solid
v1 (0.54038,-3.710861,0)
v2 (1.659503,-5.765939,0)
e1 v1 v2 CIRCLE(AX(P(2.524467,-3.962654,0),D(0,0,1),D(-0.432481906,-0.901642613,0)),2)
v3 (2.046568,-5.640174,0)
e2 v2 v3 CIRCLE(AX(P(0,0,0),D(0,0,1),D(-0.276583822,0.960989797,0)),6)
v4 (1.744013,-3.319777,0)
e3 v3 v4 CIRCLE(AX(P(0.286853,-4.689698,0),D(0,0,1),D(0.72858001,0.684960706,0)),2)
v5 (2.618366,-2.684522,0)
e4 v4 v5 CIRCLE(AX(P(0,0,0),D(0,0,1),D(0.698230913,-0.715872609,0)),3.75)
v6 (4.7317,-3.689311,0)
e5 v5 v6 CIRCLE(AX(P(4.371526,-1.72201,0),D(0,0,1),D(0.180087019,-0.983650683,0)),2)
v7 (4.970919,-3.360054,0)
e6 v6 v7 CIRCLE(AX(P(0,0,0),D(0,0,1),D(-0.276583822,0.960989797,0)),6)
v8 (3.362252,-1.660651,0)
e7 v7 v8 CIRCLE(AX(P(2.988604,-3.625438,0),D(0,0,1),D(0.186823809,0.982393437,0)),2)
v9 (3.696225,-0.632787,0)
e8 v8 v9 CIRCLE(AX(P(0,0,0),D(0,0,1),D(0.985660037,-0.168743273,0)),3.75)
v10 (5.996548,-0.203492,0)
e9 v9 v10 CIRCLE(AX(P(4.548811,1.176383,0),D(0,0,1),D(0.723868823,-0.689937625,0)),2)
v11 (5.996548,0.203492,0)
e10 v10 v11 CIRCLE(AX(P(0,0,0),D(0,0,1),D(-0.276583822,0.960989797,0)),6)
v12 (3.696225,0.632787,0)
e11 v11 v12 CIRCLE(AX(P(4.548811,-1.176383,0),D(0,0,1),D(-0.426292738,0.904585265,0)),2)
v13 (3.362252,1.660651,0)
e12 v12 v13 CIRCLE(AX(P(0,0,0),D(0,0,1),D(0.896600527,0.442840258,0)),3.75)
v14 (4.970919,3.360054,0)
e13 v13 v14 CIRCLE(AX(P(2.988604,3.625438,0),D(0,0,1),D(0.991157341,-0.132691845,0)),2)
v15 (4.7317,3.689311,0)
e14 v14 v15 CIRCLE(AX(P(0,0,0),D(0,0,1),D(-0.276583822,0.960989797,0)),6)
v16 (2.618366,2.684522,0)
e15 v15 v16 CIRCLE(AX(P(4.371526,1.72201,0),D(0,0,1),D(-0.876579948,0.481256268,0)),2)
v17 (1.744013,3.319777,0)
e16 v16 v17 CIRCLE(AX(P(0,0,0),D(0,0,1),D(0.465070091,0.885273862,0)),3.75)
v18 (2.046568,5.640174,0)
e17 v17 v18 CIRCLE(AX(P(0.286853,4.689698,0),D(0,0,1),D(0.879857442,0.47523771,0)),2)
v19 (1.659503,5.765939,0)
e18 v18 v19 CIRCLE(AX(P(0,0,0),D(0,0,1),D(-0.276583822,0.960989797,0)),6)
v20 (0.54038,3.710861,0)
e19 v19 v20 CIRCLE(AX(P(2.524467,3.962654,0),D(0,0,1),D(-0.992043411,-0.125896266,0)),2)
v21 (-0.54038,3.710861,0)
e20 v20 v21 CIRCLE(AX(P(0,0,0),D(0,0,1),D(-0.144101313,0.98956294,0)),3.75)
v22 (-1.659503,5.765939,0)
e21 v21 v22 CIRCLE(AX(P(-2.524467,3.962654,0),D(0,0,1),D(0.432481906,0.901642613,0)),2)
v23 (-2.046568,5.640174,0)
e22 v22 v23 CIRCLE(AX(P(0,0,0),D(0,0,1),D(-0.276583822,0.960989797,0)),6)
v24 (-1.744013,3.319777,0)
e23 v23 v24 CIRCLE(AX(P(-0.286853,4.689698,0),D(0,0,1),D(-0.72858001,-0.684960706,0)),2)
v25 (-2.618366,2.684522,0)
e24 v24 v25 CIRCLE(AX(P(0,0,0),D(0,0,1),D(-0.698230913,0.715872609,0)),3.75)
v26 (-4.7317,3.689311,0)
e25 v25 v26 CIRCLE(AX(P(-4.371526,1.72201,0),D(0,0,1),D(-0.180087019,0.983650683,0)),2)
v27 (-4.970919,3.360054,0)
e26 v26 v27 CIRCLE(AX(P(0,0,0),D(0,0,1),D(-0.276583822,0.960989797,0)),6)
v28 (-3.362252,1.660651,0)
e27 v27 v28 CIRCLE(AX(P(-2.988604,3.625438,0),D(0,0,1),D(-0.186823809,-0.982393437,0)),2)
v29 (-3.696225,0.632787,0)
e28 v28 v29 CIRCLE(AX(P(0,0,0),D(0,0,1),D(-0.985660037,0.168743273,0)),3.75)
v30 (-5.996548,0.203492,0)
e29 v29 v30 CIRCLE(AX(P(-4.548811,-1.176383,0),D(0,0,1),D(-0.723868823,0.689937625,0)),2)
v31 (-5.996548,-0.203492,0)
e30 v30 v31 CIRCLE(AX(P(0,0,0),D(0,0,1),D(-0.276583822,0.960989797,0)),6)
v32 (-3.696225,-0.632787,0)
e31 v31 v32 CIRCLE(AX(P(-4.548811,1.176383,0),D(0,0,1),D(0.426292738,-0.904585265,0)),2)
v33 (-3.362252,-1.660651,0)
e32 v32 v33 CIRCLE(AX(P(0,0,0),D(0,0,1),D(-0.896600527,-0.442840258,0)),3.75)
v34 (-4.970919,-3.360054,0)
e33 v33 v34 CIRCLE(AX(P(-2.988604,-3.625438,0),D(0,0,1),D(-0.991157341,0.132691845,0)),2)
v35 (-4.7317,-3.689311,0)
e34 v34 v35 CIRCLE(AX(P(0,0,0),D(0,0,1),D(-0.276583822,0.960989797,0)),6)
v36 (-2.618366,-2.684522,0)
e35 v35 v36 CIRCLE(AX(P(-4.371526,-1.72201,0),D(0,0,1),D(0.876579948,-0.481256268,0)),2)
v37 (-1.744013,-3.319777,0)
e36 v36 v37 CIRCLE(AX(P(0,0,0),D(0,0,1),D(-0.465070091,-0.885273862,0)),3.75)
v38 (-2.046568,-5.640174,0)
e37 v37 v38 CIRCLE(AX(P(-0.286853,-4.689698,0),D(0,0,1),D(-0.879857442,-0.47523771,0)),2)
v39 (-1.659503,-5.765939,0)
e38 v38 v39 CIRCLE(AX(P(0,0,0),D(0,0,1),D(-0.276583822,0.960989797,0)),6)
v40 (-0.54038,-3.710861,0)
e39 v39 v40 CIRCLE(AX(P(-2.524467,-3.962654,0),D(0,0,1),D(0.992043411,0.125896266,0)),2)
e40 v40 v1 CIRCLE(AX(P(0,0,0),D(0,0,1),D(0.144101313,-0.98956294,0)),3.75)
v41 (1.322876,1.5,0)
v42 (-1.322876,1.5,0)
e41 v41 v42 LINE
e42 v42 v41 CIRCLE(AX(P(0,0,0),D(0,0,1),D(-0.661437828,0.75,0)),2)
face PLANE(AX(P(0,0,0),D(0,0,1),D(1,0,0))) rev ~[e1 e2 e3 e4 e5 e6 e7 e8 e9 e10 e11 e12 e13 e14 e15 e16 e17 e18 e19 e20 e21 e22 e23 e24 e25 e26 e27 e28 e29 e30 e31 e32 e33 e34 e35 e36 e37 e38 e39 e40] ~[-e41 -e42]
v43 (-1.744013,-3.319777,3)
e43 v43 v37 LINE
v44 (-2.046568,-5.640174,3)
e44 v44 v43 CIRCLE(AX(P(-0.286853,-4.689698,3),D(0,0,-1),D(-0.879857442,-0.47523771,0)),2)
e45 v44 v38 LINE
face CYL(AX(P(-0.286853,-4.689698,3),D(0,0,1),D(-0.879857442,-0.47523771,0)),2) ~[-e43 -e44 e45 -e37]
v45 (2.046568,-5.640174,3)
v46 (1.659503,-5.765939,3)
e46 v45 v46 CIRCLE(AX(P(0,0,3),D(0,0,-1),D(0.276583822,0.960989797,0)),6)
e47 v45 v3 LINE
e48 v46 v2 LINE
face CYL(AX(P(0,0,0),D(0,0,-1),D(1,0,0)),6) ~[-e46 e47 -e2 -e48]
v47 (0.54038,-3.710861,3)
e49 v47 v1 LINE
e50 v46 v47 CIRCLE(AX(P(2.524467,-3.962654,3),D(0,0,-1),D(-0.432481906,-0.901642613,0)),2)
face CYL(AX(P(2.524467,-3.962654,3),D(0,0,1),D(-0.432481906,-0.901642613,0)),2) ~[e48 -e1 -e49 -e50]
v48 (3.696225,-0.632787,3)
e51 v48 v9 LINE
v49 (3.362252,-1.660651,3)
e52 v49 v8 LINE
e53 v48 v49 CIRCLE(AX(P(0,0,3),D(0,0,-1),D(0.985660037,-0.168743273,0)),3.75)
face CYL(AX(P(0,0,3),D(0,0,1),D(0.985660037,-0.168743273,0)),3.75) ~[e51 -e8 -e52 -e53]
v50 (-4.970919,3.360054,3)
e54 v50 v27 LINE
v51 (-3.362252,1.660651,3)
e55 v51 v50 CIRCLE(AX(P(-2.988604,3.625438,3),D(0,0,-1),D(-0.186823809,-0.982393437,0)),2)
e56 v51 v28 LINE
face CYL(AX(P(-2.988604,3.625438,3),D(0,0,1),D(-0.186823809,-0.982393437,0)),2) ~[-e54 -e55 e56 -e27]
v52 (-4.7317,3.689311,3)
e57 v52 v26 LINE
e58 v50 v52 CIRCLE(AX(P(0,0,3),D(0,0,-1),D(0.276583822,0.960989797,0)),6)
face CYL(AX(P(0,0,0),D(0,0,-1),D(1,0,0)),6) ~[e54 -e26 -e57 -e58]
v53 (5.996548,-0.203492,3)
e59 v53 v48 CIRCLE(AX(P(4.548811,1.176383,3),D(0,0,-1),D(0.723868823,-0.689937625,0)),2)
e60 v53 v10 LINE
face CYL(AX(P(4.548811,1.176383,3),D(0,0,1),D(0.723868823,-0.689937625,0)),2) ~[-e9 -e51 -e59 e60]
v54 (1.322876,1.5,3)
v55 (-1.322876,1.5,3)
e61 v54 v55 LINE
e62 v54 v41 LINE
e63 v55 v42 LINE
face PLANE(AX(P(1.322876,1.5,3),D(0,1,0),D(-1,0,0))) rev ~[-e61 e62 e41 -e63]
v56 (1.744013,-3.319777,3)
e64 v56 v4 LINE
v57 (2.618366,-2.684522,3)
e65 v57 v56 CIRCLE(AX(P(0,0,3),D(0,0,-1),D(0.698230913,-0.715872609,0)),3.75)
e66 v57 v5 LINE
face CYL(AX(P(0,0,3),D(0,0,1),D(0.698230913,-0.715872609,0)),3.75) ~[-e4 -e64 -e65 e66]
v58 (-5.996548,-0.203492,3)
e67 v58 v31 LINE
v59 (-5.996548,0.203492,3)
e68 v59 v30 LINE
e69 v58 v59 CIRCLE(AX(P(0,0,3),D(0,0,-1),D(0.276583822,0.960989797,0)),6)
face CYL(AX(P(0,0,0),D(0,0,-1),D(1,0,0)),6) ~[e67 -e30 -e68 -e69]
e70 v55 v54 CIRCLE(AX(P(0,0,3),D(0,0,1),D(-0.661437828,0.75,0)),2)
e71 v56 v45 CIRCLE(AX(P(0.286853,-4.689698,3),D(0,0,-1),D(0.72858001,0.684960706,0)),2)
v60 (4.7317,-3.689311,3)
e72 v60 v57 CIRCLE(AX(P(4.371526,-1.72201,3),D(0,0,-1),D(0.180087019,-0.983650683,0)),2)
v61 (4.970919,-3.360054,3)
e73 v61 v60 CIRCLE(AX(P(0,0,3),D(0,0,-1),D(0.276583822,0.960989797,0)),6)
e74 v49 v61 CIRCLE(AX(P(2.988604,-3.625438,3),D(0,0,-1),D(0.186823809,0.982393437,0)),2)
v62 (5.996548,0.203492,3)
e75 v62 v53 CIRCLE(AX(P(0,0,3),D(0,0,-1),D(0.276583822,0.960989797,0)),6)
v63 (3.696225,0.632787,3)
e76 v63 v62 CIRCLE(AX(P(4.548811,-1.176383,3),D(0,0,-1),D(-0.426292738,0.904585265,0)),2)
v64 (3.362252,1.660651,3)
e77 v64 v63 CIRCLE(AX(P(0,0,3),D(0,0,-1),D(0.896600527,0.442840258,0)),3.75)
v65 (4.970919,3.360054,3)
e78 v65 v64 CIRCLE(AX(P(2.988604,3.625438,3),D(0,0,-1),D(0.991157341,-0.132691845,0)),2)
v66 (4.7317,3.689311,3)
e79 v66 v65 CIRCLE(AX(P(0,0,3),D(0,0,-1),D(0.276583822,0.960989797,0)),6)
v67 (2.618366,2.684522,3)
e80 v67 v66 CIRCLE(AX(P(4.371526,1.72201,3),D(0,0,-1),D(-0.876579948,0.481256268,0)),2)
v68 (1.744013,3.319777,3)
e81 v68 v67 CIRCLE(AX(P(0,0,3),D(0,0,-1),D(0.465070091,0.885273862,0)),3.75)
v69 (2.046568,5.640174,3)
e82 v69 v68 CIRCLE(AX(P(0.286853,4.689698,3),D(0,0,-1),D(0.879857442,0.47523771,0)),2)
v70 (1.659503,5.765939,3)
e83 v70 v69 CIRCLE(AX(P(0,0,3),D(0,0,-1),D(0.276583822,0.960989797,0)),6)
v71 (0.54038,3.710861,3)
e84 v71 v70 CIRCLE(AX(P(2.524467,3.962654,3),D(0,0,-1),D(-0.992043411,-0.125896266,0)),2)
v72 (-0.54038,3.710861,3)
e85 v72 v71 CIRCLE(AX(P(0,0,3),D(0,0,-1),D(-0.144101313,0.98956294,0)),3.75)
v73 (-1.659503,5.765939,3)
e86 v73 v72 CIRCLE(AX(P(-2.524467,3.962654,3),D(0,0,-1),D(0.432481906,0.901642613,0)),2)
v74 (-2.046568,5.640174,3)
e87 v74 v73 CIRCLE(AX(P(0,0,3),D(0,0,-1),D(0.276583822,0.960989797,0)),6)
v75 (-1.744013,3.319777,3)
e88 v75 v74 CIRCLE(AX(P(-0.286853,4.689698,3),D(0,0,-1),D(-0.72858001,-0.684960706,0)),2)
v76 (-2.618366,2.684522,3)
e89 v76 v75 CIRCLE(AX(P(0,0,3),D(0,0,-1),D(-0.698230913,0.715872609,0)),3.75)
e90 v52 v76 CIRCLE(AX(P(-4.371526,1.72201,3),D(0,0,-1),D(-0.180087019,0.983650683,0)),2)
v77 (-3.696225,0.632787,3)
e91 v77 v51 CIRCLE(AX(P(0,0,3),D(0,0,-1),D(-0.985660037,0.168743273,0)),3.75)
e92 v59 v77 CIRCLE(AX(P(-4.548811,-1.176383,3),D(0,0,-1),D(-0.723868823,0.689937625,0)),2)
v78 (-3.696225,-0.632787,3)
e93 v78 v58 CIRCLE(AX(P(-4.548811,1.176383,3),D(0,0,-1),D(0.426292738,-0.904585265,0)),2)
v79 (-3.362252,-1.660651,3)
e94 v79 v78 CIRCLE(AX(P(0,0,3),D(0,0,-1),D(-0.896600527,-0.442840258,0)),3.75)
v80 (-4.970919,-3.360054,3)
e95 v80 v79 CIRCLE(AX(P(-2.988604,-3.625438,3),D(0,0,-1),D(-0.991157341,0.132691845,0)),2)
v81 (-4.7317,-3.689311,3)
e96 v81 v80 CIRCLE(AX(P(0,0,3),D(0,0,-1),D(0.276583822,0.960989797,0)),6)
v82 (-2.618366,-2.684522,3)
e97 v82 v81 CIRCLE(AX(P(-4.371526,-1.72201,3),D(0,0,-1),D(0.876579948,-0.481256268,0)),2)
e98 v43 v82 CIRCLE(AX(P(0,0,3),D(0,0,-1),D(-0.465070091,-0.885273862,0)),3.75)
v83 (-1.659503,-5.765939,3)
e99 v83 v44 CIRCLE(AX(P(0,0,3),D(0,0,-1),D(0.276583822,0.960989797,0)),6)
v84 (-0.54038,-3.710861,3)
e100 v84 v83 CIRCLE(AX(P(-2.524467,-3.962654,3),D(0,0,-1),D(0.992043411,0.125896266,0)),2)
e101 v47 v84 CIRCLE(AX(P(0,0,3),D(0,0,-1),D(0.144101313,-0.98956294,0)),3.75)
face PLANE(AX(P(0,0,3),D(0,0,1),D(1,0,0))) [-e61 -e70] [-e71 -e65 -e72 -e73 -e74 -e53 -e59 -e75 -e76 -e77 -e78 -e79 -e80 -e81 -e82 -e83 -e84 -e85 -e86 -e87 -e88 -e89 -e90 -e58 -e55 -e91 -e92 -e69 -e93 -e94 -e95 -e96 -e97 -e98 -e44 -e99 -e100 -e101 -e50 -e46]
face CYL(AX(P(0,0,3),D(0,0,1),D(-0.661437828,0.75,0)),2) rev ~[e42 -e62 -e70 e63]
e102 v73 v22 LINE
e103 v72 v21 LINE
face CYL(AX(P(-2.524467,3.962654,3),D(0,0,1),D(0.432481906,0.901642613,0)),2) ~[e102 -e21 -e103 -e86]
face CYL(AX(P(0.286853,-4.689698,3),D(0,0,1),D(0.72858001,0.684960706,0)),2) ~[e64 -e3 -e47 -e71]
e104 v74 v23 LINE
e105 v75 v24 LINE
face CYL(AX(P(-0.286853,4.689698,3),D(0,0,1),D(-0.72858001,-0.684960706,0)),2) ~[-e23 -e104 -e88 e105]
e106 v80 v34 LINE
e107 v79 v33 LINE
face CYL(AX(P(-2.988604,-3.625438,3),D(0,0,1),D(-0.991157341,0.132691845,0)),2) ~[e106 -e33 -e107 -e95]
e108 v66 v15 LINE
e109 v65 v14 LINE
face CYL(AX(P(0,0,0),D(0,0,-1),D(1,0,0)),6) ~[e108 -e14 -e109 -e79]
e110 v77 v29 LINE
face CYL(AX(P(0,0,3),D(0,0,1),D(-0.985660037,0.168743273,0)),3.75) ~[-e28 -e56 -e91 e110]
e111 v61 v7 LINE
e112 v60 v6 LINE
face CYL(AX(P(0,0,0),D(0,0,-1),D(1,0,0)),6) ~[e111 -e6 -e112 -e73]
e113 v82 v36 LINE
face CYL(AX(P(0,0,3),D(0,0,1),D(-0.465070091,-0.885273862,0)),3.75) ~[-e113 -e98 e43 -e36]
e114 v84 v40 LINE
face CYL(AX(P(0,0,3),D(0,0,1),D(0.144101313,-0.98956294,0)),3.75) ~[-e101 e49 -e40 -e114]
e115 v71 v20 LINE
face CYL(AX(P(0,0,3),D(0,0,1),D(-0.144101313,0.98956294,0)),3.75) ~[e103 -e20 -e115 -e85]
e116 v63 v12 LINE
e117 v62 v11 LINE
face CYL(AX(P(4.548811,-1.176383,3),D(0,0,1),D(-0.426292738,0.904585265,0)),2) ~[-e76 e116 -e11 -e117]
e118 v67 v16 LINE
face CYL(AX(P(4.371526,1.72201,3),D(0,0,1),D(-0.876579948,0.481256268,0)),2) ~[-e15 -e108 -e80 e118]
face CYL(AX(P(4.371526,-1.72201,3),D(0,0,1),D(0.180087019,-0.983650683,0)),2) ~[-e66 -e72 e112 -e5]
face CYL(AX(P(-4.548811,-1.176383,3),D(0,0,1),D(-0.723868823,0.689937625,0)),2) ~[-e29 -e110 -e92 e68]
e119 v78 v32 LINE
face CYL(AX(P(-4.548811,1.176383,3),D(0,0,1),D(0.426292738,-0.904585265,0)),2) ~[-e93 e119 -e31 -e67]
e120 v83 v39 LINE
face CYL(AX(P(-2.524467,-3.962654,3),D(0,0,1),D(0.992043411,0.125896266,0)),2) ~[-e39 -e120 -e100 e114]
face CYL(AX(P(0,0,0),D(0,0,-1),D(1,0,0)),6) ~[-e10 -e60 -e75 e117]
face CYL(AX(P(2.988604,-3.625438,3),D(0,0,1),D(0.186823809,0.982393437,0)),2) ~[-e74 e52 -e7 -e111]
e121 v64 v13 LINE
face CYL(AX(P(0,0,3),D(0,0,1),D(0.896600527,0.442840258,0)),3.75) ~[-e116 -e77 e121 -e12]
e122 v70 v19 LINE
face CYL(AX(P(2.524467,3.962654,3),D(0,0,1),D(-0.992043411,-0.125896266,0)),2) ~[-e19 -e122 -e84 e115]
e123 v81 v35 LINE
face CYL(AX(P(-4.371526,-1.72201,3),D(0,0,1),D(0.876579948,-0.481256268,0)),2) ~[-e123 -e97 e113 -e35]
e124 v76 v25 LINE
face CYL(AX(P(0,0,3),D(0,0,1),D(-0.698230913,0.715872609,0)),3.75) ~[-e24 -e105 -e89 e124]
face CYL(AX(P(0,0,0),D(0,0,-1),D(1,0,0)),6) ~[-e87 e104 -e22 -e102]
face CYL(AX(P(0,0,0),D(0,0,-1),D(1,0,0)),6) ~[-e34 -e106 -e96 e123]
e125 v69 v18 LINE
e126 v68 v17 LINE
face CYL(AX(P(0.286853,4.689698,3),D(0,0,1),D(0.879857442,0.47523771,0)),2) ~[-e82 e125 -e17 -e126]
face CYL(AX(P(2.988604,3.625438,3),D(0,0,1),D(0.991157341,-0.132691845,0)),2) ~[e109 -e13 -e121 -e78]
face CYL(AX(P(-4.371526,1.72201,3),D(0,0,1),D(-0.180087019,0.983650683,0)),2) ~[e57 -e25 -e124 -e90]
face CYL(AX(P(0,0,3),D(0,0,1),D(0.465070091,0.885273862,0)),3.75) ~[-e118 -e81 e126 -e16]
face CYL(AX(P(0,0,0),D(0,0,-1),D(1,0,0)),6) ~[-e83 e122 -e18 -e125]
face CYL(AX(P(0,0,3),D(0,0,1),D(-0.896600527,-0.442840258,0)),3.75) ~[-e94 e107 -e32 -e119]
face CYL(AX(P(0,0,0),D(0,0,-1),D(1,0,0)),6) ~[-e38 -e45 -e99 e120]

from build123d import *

# Parameters (mm, degrees)
SKETCH1_R           = 6
BOSS_EXTRUDE1_DEPTH = 3
CUT_EXTRUDE1_DEPTH  = 4
CIRPATTERN1_COUNT   = 10
CUT_EXTRUDE3_DEPTH  = 4


with BuildPart() as part:
    # Sketch1 → Boss-Extrude1 (new body)
    with BuildSketch(Plane.XY):
        Circle(SKETCH1_R)
    extrude(amount=BOSS_EXTRUDE1_DEPTH)

    # Sketch2 → Cut-Extrude1 (cut, through all)
    with BuildSketch(Plane.XY.offset(3)):
        with BuildLine():
            ThreePointArc((-1.659502931, 5.765938781), (-0.768019042, 4.919153149), (-0.540379921, 3.710861024))
            ThreePointArc((-0.540379921, 3.710861024), (0, 3.75), (0.540379921, 3.710861024))
            ThreePointArc((0.540379921, 3.710861024), (0.768019042, 4.919153149), (1.659502931, 5.765938781))
            ThreePointArc((1.659502931, 5.765938781), (0, 6), (-1.659502931, 5.765938781))
        make_face()
    cut_extrude1 = extrude(amount=-CUT_EXTRUDE1_DEPTH, mode=Mode.SUBTRACT)

    # CirPattern1: Cut-Extrude1 ×10 about axis
    cirpattern1_axis = Axis((0, 0, 0), (0, 0, 1))
    for i in range(1, CIRPATTERN1_COUNT):
        add(cut_extrude1.rotate(cirpattern1_axis, i * 360 / CIRPATTERN1_COUNT), mode=Mode.SUBTRACT)

    # Sketch5 → Cut-Extrude3 (cut, through all)
    with BuildSketch(Plane.XY.offset(3)):
        with BuildLine():
            Line((1.322875656, 1.5), (-1.322875656, 1.5))
            ThreePointArc((-1.322875656, 1.5), (0, -2), (1.322875656, 1.5))
        make_face()
    extrude(amount=-CUT_EXTRUDE3_DEPTH, mode=Mode.SUBTRACT)


solid = part.part
